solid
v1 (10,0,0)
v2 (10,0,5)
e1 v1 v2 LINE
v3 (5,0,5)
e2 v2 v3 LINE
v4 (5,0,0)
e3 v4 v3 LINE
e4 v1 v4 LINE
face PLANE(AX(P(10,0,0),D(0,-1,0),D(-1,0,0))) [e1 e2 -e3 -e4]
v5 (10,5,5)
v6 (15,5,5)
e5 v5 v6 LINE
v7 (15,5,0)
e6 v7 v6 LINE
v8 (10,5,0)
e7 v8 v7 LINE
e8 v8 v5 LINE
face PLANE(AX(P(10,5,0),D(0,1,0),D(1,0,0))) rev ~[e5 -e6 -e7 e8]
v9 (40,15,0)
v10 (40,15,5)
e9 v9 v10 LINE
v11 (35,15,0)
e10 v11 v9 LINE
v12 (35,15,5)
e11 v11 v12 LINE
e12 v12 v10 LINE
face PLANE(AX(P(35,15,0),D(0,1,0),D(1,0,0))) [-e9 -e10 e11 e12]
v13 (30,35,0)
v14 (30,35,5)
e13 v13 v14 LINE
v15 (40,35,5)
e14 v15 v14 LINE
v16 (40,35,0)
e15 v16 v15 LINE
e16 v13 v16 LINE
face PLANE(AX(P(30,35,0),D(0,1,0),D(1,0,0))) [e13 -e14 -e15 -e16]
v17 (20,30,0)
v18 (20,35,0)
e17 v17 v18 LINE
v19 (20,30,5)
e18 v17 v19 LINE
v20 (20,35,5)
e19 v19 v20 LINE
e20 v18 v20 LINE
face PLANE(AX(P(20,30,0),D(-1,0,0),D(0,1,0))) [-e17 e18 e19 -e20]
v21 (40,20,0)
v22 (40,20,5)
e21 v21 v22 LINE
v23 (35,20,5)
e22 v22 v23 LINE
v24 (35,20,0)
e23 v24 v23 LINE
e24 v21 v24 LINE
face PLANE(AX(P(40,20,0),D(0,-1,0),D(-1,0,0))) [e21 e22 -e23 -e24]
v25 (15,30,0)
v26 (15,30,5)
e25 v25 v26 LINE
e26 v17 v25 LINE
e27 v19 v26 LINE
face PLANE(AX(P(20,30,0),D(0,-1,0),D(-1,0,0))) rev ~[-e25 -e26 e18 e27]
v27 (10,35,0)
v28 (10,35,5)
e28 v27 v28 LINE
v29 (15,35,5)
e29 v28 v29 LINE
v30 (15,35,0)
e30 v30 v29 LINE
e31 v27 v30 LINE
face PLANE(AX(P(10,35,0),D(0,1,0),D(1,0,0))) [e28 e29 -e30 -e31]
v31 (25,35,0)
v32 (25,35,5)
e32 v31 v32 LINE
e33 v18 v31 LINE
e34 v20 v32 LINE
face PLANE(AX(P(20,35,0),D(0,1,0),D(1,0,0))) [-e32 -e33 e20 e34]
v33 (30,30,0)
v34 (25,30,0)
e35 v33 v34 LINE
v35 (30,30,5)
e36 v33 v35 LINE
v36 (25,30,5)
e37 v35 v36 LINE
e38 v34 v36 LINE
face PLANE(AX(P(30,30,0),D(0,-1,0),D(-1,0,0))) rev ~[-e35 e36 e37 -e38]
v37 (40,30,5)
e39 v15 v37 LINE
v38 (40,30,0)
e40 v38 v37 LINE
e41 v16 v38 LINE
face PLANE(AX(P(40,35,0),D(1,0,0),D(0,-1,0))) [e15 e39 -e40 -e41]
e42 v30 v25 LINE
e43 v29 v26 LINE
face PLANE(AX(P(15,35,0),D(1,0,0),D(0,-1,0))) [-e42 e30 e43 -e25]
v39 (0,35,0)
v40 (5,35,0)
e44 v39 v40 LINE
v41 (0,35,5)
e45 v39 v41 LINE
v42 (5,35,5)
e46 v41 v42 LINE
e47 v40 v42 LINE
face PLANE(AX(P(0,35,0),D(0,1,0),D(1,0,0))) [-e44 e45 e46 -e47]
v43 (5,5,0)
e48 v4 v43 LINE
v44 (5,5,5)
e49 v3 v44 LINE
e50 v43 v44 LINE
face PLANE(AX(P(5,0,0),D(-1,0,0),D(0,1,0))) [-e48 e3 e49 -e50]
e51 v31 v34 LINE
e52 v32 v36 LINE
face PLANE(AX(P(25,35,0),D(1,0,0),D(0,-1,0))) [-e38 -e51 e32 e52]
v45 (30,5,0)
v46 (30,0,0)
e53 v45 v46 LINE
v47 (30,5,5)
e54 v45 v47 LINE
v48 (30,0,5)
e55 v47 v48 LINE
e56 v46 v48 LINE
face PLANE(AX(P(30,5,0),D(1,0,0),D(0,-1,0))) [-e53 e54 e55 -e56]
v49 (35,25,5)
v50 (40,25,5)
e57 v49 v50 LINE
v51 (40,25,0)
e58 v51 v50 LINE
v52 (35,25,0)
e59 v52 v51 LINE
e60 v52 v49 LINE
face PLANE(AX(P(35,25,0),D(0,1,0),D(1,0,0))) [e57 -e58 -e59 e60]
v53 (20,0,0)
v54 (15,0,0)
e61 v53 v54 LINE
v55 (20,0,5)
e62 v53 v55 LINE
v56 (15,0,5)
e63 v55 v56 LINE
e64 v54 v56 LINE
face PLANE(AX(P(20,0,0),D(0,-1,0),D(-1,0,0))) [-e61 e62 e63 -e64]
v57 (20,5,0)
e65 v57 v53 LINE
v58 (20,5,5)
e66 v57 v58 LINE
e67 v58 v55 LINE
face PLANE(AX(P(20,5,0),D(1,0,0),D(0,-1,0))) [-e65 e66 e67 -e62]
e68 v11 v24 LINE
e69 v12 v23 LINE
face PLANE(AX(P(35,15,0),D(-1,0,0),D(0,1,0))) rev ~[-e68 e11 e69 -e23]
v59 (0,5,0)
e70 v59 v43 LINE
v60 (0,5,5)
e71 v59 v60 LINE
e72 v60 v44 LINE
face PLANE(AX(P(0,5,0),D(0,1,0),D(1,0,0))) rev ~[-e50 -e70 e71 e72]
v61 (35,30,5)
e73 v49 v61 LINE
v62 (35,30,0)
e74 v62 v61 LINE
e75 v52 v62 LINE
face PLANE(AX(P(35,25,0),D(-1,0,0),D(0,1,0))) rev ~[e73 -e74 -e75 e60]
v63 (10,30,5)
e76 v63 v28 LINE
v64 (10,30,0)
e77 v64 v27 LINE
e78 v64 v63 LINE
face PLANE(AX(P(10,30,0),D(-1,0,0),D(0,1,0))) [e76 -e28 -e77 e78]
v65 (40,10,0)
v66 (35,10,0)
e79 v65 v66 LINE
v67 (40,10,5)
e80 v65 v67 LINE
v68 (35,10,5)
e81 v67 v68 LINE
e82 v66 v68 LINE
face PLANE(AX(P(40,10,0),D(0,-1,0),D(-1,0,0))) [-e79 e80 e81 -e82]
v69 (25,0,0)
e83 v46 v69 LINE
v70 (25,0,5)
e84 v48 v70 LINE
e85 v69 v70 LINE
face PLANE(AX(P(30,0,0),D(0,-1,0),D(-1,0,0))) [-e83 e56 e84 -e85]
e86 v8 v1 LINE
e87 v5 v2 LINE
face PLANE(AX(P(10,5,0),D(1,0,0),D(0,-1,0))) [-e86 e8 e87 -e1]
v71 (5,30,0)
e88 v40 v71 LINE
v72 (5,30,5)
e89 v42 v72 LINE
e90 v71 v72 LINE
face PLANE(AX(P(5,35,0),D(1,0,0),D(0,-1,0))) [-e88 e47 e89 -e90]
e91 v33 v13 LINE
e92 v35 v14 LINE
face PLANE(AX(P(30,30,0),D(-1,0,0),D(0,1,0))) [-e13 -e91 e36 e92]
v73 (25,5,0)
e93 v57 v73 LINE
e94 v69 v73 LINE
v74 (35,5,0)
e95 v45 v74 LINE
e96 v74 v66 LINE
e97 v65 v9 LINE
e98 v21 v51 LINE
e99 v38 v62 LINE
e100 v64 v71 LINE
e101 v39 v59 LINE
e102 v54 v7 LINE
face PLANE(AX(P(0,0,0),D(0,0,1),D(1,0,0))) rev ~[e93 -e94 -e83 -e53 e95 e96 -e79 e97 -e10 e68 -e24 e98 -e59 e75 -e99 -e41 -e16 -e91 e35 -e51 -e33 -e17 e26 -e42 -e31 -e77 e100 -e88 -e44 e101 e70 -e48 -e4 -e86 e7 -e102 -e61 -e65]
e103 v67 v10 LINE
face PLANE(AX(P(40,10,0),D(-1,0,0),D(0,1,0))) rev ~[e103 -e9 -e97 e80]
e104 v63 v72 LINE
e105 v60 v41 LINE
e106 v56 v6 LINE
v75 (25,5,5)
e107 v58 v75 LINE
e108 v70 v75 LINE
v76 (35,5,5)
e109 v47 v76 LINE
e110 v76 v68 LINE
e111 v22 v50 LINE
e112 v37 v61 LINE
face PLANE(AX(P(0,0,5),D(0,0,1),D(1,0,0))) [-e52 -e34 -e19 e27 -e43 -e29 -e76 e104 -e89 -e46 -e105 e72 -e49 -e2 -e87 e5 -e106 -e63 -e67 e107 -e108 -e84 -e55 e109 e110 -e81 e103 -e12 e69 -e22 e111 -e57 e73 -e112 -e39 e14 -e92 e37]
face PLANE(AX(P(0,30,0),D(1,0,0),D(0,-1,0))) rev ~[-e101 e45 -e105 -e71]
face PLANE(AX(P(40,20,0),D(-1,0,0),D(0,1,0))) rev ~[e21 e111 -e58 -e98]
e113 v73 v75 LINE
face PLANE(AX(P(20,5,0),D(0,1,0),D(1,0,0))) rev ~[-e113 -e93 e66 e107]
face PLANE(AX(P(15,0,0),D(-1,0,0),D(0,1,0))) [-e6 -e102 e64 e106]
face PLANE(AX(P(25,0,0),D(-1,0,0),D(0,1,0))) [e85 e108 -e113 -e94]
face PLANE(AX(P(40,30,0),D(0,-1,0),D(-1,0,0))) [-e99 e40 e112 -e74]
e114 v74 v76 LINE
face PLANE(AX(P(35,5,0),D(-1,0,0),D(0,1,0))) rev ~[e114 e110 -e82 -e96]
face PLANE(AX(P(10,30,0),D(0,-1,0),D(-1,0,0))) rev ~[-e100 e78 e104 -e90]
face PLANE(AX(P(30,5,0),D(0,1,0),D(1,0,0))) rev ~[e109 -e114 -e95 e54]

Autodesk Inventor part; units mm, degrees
ref_plane "YZ Plane" through (0, 0, 0) normal (1, 0, 0) x (0, 1, 0)
ref_plane "XZ Plane" through (0, 0, 0) normal (0, 1, 0) x (-1, 0, 0)
ref_plane "XY Plane" through (0, 0, 0) normal (0, 0, 1) x (1, 0, 0)
sketch "Sketch2" plane through (0, 0, 0) normal (0, 0, 1) x (1, 0, 0)
  line L0 (5, 5) -> (10, 5)
  line L1 (10, 5) -> (10, 0)
  line L2 (10, 0) -> (5, 0)
  line L3 (5, 0) -> (5, 5)
  line L4 (0, 5) -> (40, 5)
  line L5 (40, 5) -> (40, 30)
  line L6 (40, 30) -> (0, 30)
  line L7 (0, 30) -> (0, 5)
  line L8 (20, 5) -> (20, 0)
  line L9 (20, 0) -> (15, 0)
  line L10 (15, 0) -> (15, 5)
  line L11 (30, 5) -> (30, 0)
  line L12 (30, 0) -> (25, 0)
  line L13 (25, 0) -> (25, 5)
  line L14 (40, 20) -> (40, 15)
  line L15 (40, 10) -> (40, 5)
  line L16 (40, 30) -> (40, 5)
  line L17 (35, 25) -> (40, 25)
  line L18 (40, 25) -> (40, 20)
  line L19 (40, 20) -> (35, 20)
  line L20 (35, 20) -> (35, 25)
  line L21 (35, 15) -> (40, 15)
  line L22 (40, 15) -> (40, 10)
  line L23 (40, 10) -> (35, 10)
  line L24 (35, 10) -> (35, 15)
  line L25 (10, 30) -> (5, 30)
  line L26 (20, 30) -> (15, 30)
  line L27 (30, 30) -> (25, 30)
  line L28 (40, 30) -> (35, 30)
  line L29 (0, 35) -> (5, 35)
  line L30 (5, 35) -> (5, 30)
  line L31 (5, 30) -> (0, 30)
  line L32 (0, 30) -> (0, 35)
  line L33 (15, 35) -> (15, 30)
  line L34 (15, 30) -> (10, 30)
  line L35 (10, 30) -> (10, 35)
  line L36 (10, 35) -> (15, 35)
  line L37 (25, 35) -> (25, 30)
  line L38 (25, 30) -> (20, 30)
  line L39 (20, 30) -> (20, 35)
  line L40 (20, 35) -> (25, 35)
  line L41 (35, 35) -> (35, 30)
  line L42 (35, 30) -> (30, 30)
  line L43 (30, 30) -> (30, 35)
  line L44 (30, 35) -> (35, 35)
  line L45 (40, 0) -> (35, 0)
  line L46 (35, 0) -> (35, 35)
  line L47 (35, 35) -> (40, 35)
  line L48 (40, 35) -> (40, 0)
  point P0 (0, 0)
  point P1 (35, 5)
  dimension "d105" = 10
  dimension "d110" = 40
  dimension "d115" = 10
extrude "Extrusion3" add sketch "Sketch2" along normal blind 5 contours L4 L7 L6 L46 L20 L24 L0 | L0 L1 L2 L3 | L4 L8 L9 L10 | L32 L29 L30 L6 | L4 L11 L12 L13 | L35 L36 L33 L6 | L39 L40 L37 L6 | L24 L21 L5 L23 | L43 L44 L41 L6 | L20 L17 L5 L19 | L41 L47 L48 L6
properties part number "backside"
